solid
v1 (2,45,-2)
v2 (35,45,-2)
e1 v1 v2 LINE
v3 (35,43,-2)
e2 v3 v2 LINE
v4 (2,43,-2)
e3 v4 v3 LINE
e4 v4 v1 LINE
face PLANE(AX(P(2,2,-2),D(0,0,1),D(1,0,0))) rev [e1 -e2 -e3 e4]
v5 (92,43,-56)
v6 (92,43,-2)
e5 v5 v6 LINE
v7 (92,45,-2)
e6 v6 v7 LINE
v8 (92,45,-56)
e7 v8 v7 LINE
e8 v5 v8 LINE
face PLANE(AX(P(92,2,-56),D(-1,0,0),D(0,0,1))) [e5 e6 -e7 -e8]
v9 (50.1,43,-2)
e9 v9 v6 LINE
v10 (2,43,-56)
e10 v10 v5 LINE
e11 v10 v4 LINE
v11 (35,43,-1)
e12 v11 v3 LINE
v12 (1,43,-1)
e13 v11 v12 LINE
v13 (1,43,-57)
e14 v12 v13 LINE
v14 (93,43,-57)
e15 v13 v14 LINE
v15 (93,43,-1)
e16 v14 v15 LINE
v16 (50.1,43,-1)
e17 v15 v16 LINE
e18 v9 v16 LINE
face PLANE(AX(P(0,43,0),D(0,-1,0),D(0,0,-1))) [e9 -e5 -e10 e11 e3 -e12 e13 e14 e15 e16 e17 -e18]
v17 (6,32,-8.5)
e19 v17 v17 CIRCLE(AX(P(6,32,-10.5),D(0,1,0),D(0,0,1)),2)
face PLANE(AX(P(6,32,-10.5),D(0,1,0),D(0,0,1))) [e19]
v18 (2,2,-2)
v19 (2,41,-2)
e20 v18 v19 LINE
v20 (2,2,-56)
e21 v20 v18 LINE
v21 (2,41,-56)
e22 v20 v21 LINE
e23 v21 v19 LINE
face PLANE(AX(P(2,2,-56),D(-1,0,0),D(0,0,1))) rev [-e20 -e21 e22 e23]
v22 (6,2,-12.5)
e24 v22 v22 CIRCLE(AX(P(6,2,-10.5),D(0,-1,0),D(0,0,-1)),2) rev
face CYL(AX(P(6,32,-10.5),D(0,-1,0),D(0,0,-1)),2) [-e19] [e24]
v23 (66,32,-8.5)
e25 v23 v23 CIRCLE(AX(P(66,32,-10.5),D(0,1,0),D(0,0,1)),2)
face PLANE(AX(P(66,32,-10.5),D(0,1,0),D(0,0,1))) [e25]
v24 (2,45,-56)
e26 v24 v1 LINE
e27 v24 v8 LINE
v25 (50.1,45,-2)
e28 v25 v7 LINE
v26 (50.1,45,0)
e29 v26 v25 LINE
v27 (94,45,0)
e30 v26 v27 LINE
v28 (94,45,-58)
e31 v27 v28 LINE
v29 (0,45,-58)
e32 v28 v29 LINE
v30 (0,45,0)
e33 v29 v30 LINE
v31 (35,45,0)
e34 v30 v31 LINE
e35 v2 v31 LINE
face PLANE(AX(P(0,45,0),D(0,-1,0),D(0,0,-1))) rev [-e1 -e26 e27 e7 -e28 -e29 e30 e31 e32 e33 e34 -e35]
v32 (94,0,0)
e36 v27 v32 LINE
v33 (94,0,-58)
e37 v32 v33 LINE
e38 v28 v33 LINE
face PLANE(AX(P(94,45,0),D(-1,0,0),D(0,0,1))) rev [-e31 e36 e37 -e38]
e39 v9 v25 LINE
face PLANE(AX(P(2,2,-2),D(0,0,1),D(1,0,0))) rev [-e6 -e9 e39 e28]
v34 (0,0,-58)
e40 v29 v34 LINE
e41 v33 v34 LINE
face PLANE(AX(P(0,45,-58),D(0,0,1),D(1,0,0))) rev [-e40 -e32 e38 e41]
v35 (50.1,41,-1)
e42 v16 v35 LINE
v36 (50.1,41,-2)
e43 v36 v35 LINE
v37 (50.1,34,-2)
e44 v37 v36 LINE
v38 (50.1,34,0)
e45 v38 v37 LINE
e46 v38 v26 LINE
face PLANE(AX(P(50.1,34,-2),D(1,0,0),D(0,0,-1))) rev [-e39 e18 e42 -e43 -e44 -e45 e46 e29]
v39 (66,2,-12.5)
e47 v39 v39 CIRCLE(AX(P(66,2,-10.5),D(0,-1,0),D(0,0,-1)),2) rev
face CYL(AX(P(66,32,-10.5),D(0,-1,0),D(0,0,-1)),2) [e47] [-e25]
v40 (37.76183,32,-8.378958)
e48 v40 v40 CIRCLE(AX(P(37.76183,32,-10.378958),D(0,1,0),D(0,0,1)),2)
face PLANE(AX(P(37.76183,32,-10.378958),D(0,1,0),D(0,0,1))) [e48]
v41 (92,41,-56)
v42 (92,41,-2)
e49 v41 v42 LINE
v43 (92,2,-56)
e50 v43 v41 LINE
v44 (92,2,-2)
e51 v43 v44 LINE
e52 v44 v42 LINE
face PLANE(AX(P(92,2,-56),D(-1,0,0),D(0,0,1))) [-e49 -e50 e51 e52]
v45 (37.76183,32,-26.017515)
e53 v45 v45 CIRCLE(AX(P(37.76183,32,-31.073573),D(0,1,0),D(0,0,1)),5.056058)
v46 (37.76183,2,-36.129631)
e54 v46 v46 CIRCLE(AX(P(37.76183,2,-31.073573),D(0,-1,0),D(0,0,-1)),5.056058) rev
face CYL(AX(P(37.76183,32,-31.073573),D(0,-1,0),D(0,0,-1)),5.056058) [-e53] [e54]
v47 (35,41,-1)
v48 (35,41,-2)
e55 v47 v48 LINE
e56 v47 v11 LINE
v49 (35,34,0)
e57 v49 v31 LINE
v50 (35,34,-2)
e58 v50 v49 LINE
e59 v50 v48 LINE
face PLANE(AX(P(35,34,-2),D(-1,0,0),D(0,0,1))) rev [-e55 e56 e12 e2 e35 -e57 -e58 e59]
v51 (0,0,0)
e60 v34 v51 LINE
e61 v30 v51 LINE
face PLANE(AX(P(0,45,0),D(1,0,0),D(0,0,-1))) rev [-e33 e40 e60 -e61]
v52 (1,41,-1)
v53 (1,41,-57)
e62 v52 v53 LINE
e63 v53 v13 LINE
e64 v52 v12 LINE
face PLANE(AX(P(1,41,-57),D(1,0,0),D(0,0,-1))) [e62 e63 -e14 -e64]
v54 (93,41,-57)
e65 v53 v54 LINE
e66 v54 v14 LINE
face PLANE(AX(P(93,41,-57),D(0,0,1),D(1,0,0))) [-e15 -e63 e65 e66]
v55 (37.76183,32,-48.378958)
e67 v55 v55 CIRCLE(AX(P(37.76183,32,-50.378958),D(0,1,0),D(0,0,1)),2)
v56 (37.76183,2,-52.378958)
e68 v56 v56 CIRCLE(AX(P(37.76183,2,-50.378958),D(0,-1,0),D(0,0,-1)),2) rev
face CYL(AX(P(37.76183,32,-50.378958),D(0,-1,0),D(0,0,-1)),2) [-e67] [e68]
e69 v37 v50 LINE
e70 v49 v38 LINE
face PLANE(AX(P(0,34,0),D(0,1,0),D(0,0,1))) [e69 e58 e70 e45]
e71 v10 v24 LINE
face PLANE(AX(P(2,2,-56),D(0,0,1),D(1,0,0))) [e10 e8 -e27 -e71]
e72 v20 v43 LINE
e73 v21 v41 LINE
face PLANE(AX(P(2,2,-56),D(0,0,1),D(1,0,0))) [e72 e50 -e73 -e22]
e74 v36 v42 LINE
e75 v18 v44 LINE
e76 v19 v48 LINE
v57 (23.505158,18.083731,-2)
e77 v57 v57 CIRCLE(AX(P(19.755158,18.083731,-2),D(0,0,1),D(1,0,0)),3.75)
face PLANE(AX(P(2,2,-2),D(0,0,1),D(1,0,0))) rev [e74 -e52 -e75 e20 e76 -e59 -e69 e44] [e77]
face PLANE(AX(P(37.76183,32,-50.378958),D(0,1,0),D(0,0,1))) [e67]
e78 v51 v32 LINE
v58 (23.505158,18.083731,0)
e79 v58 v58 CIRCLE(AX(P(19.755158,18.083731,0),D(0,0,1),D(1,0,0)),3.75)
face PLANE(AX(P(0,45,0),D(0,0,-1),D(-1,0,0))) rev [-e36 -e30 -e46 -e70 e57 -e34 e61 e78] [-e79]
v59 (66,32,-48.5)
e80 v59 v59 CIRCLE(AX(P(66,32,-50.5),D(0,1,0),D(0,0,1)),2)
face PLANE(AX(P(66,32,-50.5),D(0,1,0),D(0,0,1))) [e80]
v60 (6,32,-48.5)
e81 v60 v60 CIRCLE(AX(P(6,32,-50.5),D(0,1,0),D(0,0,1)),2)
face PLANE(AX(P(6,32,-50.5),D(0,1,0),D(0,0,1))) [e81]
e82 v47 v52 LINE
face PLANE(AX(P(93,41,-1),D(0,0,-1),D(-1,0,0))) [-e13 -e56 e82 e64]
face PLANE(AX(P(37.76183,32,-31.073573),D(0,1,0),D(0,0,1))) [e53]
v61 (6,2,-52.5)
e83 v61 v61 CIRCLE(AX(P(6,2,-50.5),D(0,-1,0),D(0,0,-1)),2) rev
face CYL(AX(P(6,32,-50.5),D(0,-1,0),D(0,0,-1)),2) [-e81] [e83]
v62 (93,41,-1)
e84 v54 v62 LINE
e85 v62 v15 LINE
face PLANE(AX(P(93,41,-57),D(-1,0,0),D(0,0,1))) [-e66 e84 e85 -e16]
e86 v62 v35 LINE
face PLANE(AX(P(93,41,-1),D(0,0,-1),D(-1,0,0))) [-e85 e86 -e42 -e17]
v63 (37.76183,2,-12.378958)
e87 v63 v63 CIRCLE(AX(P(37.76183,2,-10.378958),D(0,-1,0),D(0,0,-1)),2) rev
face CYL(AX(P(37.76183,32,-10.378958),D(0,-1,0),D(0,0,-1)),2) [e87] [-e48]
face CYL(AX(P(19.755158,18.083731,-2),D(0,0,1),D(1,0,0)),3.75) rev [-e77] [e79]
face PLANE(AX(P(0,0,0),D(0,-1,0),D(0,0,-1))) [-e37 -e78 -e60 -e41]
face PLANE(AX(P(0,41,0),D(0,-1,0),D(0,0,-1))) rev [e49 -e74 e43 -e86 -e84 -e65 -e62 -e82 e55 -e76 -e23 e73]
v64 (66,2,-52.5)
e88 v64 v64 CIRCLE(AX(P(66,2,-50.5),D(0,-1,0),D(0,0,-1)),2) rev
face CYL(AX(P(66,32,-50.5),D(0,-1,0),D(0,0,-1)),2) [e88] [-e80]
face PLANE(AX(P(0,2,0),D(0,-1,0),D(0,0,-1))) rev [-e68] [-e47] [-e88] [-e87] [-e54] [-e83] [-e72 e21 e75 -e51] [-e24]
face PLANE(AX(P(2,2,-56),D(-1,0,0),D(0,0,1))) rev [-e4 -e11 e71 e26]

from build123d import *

# Parameters (mm, degrees)
SKETCH1_W           = 94
SKETCH1_H           = 58
BOSS_EXTRUDE1_DEPTH = 45
SKETCH2_W           = 90
SKETCH2_H           = 54
CUT_EXTRUDE1_DEPTH  = 43
SKETCH6_W           = 92
SKETCH6_H           = 56
CUT_EXTRUDE2_DEPTH  = 2
SKETCH10_R          = 2
SKETCH10_R_2        = 5.056057686
BOSS_EXTRUDE2_DEPTH = 30
SKETCH11_R          = 3.75
CUT_EXTRUDE3_DEPTH  = 2
SKETCH12_W          = 15.1
SKETCH12_H          = 2
CUT_EXTRUDE4_DEPTH  = 11


with BuildPart() as part:
    # Sketch1 → Boss-Extrude1 (new body)
    with BuildSketch(Plane(origin=(0, 0, 0), x_dir=(1, 0, 0), z_dir=(0, 1, 0))):
        with Locations((47, 29)):
            Rectangle(SKETCH1_W, SKETCH1_H)
    extrude(amount=BOSS_EXTRUDE1_DEPTH)

    # Sketch2 → Cut-Extrude1 (cut)
    with BuildSketch(Plane(origin=(0, 45, 0), x_dir=(1, 0, 0), z_dir=(0, 1, 0))):
        with Locations((47, 29)):
            Rectangle(SKETCH2_W, SKETCH2_H)
    extrude(amount=-CUT_EXTRUDE1_DEPTH, mode=Mode.SUBTRACT)

    # Sketch6 → Cut-Extrude2 (cut)
    with BuildSketch(Plane(origin=(0, 43, 0), x_dir=(-1, 0, 0), z_dir=(0, -1, 0))):
        with Locations((-47, 29)):
            Rectangle(SKETCH6_W, SKETCH6_H)
    extrude(amount=CUT_EXTRUDE2_DEPTH, mode=Mode.SUBTRACT)

    # Sketch10 → Boss-Extrude2 (add)
    with BuildSketch(Plane(origin=(0, 2, 0), x_dir=(1, 0, 0), z_dir=(0, 1, 0))):
        with Locations(Location((6, 50.5, 0), (0, 0, 90))):
            Circle(SKETCH10_R)
        with Locations(Location((66, 50.5, 0), (0, 0, 90))):
            Circle(SKETCH10_R)
        with Locations(Location((6, 10.5, 0), (0, 0, 90))):
            Circle(SKETCH10_R)
        with Locations(Location((66, 10.5, 0), (0, 0, 90))):
            Circle(SKETCH10_R)
        with Locations(Location((37.761829649, 50.378957989, 0), (0, 0, 90))):
            Circle(SKETCH10_R)
        with Locations(Location((37.761829649, 10.378957989, 0), (0, 0, 90))):
            Circle(SKETCH10_R)
        with Locations(Location((37.761829649, 31.073572918, 0), (0, 0, 90))):
            Circle(SKETCH10_R_2)
    extrude(amount=BOSS_EXTRUDE2_DEPTH)

    # Sketch11 → Cut-Extrude3 (cut)
    with BuildSketch(Plane.XY):
        with Locations((19.755158367, 18.08373087)):
            Circle(SKETCH11_R)
    extrude(amount=-CUT_EXTRUDE3_DEPTH, mode=Mode.SUBTRACT)

    # Sketch12 → Cut-Extrude4 (cut)
    with BuildSketch(Plane(origin=(0, 45, 0), x_dir=(1, 0, 0), z_dir=(0, 1, 0))):
        with Locations((42.55, 1)):
            Rectangle(SKETCH12_W, SKETCH12_H)
    extrude(amount=-CUT_EXTRUDE4_DEPTH, mode=Mode.SUBTRACT)


solid = part.part
